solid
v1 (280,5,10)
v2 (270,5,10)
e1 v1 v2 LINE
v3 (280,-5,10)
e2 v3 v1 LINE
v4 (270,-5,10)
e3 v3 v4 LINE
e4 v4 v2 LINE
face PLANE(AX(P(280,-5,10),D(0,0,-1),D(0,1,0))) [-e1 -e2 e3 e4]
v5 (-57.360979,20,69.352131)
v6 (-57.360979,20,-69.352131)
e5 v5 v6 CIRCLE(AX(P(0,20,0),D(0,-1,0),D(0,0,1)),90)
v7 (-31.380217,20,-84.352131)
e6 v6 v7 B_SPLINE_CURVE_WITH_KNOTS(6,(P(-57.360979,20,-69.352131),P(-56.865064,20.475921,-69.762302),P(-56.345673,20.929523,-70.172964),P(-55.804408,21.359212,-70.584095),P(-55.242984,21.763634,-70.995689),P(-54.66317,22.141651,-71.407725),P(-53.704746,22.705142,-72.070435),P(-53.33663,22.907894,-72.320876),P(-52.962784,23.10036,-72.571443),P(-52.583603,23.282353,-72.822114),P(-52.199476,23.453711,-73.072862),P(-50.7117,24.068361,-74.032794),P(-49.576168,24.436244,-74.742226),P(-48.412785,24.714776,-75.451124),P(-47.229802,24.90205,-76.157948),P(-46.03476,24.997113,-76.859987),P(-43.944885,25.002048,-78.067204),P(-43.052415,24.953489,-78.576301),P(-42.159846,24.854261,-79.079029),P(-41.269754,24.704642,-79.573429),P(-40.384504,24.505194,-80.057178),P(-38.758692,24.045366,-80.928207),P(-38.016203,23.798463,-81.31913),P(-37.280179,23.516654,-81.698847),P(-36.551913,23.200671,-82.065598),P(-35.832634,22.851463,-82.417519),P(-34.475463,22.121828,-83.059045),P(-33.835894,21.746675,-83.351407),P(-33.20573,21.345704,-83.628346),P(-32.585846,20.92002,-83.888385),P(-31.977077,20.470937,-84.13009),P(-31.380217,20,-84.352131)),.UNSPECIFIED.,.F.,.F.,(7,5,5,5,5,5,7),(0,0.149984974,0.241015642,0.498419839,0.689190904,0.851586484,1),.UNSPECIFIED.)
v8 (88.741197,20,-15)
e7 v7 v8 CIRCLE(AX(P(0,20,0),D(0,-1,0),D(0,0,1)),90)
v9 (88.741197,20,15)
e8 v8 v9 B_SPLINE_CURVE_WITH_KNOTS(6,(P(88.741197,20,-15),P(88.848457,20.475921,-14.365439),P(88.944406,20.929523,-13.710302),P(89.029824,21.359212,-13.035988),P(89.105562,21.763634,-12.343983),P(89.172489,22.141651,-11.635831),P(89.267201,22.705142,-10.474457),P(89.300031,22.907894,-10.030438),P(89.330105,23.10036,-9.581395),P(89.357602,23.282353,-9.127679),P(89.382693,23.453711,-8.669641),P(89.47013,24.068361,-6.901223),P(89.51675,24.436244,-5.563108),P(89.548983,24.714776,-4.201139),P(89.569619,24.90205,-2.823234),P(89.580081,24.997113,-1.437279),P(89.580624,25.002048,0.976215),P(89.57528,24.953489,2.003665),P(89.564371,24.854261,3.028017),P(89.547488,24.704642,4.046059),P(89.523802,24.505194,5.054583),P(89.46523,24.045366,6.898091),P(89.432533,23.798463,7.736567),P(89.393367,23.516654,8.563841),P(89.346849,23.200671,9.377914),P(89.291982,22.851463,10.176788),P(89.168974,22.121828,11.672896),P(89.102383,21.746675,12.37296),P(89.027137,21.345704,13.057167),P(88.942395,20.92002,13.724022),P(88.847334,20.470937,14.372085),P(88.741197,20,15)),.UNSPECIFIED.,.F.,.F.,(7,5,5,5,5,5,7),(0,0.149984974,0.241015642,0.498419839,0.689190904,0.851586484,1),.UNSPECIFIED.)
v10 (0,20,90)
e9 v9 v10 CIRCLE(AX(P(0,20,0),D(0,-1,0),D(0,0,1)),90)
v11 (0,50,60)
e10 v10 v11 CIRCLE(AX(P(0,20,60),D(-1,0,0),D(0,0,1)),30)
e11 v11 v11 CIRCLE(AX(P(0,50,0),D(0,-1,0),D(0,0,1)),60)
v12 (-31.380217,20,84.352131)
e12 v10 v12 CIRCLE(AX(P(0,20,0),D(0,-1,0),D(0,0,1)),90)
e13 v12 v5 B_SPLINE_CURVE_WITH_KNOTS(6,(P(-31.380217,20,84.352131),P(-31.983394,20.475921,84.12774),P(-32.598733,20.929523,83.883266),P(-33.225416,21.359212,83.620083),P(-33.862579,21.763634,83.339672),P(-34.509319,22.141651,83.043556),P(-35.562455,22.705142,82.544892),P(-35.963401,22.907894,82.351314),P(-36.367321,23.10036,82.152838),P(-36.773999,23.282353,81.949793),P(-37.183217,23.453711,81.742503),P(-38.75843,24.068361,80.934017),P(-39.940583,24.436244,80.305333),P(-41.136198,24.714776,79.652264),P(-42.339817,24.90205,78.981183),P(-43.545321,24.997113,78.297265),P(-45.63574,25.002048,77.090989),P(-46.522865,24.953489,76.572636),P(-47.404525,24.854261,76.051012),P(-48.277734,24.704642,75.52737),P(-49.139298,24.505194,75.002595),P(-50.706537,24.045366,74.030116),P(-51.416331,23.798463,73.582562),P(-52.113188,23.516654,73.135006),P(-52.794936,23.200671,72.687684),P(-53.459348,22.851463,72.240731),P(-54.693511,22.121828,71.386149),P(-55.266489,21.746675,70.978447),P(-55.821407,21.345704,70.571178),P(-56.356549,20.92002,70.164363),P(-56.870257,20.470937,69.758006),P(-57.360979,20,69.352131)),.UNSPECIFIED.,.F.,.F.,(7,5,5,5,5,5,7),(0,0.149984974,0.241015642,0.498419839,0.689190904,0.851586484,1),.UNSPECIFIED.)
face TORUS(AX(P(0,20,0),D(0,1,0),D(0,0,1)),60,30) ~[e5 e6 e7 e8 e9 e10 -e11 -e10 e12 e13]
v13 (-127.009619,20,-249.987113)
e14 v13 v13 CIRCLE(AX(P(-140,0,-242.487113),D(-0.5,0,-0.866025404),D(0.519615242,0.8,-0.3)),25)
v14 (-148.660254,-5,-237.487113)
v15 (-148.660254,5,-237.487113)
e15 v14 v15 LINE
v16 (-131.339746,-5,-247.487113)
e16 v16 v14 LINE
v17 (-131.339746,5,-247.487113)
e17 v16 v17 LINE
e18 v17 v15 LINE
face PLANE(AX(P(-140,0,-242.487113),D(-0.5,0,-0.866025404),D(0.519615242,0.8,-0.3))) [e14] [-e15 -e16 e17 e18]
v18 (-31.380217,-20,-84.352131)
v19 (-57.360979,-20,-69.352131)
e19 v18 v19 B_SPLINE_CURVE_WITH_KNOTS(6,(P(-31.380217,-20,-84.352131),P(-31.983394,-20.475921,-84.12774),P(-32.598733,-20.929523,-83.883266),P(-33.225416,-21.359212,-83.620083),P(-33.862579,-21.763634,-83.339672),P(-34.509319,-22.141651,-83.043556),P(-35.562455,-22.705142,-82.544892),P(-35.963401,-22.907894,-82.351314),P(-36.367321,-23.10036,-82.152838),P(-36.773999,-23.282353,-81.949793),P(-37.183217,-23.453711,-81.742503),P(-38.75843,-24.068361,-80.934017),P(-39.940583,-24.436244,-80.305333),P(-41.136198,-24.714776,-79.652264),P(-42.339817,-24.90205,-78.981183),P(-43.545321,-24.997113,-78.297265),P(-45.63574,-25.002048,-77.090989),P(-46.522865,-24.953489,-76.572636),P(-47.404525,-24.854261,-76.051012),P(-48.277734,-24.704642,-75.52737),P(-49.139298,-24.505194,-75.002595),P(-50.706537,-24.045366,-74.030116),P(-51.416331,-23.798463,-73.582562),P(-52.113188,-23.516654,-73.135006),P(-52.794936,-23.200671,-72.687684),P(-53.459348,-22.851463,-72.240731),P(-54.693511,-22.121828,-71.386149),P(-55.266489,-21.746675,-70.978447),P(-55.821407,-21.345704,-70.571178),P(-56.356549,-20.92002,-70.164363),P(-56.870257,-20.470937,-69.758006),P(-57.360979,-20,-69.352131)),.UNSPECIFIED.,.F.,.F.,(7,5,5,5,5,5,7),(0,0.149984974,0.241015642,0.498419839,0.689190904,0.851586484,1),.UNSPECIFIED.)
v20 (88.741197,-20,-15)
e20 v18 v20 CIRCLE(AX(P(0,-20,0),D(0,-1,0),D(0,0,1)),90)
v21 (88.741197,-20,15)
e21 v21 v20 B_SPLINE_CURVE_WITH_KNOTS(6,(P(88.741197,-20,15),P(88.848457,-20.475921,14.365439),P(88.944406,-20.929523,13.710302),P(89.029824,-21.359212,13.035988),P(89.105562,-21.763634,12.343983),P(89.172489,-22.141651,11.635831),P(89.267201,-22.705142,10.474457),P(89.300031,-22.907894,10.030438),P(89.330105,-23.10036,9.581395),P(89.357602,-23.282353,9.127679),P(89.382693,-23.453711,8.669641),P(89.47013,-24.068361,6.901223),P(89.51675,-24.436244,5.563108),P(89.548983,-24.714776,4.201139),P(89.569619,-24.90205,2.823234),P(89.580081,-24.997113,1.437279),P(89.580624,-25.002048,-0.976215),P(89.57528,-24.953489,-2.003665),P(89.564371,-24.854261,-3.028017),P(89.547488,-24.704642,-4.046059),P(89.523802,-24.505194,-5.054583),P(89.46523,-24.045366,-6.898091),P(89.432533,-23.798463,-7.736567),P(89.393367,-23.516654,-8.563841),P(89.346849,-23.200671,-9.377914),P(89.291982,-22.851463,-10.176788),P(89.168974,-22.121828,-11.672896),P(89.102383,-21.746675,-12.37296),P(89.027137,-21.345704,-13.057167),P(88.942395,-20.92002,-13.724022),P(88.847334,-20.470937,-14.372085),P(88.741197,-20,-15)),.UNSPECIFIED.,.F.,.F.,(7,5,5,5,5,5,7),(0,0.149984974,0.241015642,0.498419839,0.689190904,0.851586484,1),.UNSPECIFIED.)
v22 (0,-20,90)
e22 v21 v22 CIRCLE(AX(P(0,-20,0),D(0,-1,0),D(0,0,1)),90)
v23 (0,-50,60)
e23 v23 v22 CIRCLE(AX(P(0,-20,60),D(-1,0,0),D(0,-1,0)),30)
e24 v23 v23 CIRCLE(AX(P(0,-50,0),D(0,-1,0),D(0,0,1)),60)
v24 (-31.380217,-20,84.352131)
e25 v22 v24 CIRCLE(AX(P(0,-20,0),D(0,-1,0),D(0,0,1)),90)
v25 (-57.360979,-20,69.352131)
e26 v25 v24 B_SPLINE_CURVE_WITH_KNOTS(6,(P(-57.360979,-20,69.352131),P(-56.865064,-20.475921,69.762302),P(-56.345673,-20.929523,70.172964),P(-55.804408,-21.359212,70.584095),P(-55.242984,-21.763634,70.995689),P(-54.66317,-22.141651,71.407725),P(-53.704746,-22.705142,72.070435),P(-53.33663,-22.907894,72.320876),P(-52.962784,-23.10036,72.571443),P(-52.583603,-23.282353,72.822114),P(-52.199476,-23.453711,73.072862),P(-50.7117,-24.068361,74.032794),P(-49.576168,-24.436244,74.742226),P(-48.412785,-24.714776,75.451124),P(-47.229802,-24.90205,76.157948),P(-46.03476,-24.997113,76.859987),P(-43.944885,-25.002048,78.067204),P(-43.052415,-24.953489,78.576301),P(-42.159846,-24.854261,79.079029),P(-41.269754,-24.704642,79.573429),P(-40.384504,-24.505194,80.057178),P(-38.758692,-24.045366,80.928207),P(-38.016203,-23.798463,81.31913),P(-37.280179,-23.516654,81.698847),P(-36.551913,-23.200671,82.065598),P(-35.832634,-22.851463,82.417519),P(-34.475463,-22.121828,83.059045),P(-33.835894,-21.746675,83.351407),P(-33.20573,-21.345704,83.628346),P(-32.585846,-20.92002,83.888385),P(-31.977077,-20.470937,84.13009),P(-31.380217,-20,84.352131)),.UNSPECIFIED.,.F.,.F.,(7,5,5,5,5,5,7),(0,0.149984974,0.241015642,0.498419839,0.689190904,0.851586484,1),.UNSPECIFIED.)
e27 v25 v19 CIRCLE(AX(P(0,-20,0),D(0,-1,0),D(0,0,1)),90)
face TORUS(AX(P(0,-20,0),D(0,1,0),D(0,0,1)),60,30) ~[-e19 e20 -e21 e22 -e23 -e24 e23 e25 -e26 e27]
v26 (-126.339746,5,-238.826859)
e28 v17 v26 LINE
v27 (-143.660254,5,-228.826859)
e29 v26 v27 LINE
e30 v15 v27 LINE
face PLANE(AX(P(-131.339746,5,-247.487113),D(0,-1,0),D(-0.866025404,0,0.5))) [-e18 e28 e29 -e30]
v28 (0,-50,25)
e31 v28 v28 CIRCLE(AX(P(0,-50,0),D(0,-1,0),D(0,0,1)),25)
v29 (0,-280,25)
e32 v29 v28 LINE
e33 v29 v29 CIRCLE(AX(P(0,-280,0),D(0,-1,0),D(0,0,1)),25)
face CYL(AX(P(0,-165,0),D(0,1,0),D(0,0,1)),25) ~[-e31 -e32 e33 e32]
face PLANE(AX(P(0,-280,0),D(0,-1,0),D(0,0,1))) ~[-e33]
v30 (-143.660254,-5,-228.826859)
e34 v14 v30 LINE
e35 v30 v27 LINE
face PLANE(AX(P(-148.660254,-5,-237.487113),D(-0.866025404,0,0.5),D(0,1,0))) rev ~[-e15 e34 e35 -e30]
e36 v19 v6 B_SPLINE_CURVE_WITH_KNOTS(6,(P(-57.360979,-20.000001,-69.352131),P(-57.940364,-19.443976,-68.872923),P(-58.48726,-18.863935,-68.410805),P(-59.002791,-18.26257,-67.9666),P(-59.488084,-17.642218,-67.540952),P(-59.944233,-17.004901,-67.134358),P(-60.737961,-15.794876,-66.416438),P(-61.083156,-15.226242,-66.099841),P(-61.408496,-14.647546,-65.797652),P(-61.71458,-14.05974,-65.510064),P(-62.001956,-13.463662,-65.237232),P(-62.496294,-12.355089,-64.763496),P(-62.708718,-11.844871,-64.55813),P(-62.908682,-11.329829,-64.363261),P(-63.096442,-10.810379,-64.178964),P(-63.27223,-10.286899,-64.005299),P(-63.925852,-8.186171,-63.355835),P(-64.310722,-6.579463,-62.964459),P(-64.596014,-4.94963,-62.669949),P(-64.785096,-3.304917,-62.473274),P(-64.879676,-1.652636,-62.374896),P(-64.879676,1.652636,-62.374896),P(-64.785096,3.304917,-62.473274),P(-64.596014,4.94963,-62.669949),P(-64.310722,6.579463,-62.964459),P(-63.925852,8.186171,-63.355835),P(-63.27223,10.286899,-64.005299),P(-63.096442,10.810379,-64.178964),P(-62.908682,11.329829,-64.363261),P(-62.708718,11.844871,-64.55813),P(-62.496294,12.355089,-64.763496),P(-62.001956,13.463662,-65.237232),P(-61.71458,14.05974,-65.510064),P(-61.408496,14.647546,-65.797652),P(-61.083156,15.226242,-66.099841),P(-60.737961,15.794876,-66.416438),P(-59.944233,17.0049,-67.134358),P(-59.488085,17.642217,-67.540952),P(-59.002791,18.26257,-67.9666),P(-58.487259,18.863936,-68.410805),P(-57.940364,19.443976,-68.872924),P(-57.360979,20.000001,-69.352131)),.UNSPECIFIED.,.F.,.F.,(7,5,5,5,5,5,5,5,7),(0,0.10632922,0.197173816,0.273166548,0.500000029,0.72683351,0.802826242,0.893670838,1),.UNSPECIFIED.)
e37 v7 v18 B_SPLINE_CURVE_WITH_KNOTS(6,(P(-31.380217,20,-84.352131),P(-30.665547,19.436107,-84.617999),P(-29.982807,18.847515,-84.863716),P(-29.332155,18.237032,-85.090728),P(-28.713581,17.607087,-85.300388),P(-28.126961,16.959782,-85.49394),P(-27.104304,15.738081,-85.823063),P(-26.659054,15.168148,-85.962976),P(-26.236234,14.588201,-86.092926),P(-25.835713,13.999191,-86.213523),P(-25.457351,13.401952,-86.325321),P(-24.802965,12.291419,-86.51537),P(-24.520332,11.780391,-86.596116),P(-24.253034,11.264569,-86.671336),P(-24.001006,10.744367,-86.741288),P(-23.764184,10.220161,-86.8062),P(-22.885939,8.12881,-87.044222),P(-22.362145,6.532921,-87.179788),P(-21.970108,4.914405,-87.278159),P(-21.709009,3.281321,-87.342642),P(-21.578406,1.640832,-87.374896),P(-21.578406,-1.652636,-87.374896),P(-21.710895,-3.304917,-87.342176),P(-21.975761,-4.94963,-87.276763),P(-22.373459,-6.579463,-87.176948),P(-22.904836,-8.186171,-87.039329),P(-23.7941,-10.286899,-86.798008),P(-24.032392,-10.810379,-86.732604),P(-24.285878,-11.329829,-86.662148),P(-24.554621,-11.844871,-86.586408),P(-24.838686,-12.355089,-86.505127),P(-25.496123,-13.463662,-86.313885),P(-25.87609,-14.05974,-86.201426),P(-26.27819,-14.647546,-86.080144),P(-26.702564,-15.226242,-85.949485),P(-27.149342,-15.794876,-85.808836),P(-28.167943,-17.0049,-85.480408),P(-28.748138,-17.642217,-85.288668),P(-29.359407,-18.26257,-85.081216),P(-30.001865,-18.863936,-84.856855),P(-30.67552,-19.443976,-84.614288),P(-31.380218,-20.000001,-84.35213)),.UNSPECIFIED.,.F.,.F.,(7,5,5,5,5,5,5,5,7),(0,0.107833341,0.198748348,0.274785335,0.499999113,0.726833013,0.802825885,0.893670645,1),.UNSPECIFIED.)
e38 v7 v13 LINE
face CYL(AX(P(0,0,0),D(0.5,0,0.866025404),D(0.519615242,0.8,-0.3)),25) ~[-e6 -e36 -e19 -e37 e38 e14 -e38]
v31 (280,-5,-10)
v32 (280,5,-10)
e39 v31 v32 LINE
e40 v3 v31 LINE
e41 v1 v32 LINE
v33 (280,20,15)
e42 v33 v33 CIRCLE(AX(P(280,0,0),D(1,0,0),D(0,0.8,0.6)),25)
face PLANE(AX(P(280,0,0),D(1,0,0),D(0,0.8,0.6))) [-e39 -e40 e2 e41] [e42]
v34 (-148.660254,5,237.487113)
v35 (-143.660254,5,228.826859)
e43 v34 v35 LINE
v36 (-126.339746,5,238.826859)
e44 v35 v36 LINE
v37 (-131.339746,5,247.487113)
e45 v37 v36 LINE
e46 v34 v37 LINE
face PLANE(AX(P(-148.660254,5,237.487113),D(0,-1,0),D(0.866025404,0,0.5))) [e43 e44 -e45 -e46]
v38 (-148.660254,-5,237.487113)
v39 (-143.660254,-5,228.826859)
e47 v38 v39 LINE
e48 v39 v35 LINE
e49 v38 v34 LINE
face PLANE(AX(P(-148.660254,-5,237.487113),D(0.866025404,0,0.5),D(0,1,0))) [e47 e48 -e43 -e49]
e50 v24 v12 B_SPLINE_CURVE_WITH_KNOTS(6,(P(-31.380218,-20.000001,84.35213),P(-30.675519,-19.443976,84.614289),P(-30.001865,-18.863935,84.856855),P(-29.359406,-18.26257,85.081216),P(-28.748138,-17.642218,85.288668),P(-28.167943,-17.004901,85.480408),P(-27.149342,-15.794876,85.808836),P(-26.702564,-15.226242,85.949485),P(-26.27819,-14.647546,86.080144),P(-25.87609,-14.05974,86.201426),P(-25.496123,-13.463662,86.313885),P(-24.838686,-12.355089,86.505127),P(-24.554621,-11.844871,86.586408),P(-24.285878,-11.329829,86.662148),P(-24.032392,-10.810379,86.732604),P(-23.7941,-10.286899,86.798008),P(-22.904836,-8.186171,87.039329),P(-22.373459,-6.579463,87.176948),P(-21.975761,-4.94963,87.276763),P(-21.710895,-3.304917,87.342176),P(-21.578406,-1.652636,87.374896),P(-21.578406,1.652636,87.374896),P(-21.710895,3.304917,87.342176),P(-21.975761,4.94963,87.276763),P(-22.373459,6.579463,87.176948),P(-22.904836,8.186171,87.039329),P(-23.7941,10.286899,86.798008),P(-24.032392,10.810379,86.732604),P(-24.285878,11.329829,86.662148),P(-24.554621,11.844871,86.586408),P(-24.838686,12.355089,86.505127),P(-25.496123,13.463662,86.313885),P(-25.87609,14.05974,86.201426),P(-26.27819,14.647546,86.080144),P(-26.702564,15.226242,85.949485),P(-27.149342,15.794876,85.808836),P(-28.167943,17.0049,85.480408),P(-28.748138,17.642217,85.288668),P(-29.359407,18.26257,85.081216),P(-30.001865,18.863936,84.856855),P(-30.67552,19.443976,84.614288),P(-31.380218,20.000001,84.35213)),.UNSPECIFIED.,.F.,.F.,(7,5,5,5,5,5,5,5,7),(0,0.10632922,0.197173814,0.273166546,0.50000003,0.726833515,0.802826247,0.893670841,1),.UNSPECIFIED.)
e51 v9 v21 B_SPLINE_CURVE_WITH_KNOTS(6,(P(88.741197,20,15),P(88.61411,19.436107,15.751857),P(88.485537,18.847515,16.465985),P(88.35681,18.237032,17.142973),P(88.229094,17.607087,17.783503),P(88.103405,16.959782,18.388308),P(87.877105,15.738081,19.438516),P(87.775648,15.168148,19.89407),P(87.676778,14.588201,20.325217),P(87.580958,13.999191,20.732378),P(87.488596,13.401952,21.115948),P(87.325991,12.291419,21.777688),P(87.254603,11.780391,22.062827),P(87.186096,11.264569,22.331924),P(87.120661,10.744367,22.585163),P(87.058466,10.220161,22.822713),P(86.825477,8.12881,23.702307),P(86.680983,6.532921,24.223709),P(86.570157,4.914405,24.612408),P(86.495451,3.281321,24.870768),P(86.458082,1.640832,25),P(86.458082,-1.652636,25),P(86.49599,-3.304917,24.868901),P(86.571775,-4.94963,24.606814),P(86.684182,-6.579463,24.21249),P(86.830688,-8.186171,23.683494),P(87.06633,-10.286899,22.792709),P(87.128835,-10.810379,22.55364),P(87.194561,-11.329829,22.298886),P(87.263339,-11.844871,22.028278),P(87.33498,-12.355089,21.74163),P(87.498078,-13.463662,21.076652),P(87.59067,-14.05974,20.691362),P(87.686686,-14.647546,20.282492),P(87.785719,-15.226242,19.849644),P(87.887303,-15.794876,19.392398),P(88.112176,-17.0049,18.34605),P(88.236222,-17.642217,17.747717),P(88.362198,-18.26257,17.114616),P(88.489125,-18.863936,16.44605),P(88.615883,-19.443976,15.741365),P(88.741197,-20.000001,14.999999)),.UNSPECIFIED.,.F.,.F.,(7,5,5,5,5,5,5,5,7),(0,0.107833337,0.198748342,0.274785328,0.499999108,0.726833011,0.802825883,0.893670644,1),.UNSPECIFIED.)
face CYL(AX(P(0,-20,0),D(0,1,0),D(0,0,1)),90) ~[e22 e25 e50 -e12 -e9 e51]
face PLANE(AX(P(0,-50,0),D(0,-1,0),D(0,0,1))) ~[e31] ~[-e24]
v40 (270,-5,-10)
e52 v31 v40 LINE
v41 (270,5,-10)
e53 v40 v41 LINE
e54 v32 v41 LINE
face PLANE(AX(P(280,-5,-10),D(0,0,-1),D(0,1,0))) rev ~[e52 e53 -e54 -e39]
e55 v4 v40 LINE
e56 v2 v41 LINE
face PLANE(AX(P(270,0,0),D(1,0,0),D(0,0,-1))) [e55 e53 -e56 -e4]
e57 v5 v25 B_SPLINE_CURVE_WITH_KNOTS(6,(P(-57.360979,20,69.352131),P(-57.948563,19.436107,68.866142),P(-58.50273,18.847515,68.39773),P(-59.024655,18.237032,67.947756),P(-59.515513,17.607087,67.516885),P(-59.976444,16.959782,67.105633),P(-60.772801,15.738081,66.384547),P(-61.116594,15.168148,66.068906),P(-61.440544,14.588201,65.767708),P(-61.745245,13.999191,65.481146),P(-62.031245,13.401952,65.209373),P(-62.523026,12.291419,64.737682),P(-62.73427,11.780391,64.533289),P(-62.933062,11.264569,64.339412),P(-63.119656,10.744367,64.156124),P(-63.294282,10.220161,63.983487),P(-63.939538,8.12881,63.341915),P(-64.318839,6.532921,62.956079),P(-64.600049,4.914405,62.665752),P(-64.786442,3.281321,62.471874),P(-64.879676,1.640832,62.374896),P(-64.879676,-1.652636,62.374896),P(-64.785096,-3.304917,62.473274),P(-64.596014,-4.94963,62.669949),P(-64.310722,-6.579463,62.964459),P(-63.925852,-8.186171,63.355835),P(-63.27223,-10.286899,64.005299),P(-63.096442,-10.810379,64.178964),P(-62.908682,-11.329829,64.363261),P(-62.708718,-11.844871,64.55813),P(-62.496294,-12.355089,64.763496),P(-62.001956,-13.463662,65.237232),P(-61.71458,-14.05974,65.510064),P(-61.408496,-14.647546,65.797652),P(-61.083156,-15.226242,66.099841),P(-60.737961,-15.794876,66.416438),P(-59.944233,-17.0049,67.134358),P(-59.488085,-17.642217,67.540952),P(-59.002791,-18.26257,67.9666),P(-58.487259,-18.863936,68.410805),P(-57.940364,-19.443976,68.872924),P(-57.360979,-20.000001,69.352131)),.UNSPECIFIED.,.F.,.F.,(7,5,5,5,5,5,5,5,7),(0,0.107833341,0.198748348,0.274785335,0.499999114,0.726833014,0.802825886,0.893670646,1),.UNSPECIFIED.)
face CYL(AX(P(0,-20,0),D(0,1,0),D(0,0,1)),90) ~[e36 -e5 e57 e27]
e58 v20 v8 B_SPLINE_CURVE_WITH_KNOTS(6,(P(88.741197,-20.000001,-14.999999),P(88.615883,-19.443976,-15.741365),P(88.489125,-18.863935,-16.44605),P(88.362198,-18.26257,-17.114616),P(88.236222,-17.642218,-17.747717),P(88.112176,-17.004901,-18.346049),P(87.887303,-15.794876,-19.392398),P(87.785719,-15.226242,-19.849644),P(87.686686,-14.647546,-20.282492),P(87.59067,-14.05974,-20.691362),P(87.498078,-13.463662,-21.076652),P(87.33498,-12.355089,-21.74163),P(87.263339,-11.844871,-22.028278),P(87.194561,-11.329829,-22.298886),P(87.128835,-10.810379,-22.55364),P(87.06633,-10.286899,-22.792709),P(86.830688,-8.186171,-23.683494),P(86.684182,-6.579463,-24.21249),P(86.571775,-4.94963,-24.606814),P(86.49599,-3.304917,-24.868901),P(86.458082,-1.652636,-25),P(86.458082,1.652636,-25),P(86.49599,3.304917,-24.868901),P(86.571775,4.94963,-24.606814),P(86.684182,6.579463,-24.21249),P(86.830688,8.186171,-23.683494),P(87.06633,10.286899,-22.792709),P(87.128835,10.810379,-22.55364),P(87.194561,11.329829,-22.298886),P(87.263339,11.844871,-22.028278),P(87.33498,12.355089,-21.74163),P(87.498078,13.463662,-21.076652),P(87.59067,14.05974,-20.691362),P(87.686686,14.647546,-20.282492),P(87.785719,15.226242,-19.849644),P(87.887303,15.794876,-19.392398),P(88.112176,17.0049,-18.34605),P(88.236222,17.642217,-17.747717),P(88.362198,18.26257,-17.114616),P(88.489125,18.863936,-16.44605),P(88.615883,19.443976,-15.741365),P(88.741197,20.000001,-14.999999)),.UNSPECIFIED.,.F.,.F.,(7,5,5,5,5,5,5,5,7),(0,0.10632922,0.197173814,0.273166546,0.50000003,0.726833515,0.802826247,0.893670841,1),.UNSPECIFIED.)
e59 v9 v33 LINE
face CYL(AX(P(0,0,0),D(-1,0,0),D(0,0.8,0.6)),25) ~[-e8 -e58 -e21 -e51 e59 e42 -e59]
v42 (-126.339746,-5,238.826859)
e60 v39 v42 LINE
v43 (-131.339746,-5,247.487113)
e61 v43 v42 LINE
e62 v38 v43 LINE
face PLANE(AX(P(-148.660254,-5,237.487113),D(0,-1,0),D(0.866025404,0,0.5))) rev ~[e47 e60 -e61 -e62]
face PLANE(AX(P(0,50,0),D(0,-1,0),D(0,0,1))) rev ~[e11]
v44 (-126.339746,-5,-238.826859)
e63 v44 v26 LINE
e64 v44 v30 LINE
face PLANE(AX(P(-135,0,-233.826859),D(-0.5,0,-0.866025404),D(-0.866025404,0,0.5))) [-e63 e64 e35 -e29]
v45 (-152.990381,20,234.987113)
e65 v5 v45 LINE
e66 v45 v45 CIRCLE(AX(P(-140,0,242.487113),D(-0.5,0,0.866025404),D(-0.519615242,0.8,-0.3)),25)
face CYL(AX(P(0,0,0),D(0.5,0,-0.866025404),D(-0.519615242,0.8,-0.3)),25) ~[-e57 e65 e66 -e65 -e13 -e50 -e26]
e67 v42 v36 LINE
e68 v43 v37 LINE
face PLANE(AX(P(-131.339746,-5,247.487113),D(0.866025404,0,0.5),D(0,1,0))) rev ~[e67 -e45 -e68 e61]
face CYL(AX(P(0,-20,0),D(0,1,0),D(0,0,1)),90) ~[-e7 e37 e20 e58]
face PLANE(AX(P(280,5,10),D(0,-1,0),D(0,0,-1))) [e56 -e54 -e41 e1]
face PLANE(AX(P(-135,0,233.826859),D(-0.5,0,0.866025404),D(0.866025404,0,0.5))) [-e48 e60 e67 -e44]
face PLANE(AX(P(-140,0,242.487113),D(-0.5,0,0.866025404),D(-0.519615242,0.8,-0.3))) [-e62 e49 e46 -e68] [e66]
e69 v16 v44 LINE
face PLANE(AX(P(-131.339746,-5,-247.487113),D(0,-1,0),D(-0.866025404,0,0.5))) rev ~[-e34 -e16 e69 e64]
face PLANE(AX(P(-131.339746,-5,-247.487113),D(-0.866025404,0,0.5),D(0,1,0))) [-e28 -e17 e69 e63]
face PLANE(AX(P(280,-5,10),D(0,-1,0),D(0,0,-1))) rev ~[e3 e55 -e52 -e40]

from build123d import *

# Parameters (mm, degrees)
SKETCH_1_W               = 25
SKETCH_1_H               = 230
SKETCH_5_R               = 25
EXTRUDE_1_DEPTH          = 280
PATTERN_CIRCULAR_1_COUNT = 3
SKETCH_7_W               = 20
SKETCH_7_H               = 10
CUT_EXTRUDE_2_DEPTH      = 10
PATTERN_CIRCULAR_2_COUNT = 3


with BuildPart() as part:
    # 草图1 → 旋转1 (revolve)
    with BuildSketch(Plane.XY, mode=Mode.PRIVATE) as revolve_1_sk:
        with BuildLine():
            Line((90, -20), (90, 20))
            ThreePointArc((90, 20), (81.213203436, 41.213203436), (60, 50))
            Line((60, 50), (0, 50))
            Line((0, 50), (0, -50))
            Line((0, -50), (60, -50))
            ThreePointArc((60, -50), (81.213203436, -41.213203436), (90, -20))
        make_face()
        with Locations((12.5, -165)):
            Rectangle(SKETCH_1_W, SKETCH_1_H)
    revolve(revolve_1_sk.sketch.rotate(Axis((0, 124, 0), (0, -1, 0)), 90), axis=Axis((0, 124, 0), (0, -1, 0)))

    # 草图5 → 凸台-拉伸1 (add)
    with BuildSketch(Plane(origin=(0, 0, 0), x_dir=(0, 0, -1), z_dir=(1, 0, 0))):
        with Locations(Location((0, 0, 0), (0, 0, 126.869897646))):
            Circle(SKETCH_5_R)
    extrude_1 = extrude(amount=EXTRUDE_1_DEPTH)

    # 阵列(圆周)1: 凸台-拉伸1 ×3 about axis
    pattern_circular_1_axis = Axis((0, 0, 0), (0, 1, 0))
    for i in range(1, PATTERN_CIRCULAR_1_COUNT):
        add(extrude_1.rotate(pattern_circular_1_axis, i * 360 / PATTERN_CIRCULAR_1_COUNT))

    # 草图7 → 切除-拉伸2 (cut)
    with BuildSketch(Plane(origin=(280, 0, 0), x_dir=(0, 0, -1), z_dir=(1, 0, 0))):
        Rectangle(SKETCH_7_W, SKETCH_7_H)
    cut_extrude_2 = extrude(amount=-CUT_EXTRUDE_2_DEPTH, mode=Mode.SUBTRACT)

    # 阵列(圆周)2: 切除-拉伸2 ×3 about axis
    pattern_circular_2_axis = Axis((0, 0, 0), (0, 1, 0))
    for i in range(1, PATTERN_CIRCULAR_2_COUNT):
        add(cut_extrude_2.rotate(pattern_circular_2_axis, i * 360 / PATTERN_CIRCULAR_2_COUNT), mode=Mode.SUBTRACT)


solid = part.part
